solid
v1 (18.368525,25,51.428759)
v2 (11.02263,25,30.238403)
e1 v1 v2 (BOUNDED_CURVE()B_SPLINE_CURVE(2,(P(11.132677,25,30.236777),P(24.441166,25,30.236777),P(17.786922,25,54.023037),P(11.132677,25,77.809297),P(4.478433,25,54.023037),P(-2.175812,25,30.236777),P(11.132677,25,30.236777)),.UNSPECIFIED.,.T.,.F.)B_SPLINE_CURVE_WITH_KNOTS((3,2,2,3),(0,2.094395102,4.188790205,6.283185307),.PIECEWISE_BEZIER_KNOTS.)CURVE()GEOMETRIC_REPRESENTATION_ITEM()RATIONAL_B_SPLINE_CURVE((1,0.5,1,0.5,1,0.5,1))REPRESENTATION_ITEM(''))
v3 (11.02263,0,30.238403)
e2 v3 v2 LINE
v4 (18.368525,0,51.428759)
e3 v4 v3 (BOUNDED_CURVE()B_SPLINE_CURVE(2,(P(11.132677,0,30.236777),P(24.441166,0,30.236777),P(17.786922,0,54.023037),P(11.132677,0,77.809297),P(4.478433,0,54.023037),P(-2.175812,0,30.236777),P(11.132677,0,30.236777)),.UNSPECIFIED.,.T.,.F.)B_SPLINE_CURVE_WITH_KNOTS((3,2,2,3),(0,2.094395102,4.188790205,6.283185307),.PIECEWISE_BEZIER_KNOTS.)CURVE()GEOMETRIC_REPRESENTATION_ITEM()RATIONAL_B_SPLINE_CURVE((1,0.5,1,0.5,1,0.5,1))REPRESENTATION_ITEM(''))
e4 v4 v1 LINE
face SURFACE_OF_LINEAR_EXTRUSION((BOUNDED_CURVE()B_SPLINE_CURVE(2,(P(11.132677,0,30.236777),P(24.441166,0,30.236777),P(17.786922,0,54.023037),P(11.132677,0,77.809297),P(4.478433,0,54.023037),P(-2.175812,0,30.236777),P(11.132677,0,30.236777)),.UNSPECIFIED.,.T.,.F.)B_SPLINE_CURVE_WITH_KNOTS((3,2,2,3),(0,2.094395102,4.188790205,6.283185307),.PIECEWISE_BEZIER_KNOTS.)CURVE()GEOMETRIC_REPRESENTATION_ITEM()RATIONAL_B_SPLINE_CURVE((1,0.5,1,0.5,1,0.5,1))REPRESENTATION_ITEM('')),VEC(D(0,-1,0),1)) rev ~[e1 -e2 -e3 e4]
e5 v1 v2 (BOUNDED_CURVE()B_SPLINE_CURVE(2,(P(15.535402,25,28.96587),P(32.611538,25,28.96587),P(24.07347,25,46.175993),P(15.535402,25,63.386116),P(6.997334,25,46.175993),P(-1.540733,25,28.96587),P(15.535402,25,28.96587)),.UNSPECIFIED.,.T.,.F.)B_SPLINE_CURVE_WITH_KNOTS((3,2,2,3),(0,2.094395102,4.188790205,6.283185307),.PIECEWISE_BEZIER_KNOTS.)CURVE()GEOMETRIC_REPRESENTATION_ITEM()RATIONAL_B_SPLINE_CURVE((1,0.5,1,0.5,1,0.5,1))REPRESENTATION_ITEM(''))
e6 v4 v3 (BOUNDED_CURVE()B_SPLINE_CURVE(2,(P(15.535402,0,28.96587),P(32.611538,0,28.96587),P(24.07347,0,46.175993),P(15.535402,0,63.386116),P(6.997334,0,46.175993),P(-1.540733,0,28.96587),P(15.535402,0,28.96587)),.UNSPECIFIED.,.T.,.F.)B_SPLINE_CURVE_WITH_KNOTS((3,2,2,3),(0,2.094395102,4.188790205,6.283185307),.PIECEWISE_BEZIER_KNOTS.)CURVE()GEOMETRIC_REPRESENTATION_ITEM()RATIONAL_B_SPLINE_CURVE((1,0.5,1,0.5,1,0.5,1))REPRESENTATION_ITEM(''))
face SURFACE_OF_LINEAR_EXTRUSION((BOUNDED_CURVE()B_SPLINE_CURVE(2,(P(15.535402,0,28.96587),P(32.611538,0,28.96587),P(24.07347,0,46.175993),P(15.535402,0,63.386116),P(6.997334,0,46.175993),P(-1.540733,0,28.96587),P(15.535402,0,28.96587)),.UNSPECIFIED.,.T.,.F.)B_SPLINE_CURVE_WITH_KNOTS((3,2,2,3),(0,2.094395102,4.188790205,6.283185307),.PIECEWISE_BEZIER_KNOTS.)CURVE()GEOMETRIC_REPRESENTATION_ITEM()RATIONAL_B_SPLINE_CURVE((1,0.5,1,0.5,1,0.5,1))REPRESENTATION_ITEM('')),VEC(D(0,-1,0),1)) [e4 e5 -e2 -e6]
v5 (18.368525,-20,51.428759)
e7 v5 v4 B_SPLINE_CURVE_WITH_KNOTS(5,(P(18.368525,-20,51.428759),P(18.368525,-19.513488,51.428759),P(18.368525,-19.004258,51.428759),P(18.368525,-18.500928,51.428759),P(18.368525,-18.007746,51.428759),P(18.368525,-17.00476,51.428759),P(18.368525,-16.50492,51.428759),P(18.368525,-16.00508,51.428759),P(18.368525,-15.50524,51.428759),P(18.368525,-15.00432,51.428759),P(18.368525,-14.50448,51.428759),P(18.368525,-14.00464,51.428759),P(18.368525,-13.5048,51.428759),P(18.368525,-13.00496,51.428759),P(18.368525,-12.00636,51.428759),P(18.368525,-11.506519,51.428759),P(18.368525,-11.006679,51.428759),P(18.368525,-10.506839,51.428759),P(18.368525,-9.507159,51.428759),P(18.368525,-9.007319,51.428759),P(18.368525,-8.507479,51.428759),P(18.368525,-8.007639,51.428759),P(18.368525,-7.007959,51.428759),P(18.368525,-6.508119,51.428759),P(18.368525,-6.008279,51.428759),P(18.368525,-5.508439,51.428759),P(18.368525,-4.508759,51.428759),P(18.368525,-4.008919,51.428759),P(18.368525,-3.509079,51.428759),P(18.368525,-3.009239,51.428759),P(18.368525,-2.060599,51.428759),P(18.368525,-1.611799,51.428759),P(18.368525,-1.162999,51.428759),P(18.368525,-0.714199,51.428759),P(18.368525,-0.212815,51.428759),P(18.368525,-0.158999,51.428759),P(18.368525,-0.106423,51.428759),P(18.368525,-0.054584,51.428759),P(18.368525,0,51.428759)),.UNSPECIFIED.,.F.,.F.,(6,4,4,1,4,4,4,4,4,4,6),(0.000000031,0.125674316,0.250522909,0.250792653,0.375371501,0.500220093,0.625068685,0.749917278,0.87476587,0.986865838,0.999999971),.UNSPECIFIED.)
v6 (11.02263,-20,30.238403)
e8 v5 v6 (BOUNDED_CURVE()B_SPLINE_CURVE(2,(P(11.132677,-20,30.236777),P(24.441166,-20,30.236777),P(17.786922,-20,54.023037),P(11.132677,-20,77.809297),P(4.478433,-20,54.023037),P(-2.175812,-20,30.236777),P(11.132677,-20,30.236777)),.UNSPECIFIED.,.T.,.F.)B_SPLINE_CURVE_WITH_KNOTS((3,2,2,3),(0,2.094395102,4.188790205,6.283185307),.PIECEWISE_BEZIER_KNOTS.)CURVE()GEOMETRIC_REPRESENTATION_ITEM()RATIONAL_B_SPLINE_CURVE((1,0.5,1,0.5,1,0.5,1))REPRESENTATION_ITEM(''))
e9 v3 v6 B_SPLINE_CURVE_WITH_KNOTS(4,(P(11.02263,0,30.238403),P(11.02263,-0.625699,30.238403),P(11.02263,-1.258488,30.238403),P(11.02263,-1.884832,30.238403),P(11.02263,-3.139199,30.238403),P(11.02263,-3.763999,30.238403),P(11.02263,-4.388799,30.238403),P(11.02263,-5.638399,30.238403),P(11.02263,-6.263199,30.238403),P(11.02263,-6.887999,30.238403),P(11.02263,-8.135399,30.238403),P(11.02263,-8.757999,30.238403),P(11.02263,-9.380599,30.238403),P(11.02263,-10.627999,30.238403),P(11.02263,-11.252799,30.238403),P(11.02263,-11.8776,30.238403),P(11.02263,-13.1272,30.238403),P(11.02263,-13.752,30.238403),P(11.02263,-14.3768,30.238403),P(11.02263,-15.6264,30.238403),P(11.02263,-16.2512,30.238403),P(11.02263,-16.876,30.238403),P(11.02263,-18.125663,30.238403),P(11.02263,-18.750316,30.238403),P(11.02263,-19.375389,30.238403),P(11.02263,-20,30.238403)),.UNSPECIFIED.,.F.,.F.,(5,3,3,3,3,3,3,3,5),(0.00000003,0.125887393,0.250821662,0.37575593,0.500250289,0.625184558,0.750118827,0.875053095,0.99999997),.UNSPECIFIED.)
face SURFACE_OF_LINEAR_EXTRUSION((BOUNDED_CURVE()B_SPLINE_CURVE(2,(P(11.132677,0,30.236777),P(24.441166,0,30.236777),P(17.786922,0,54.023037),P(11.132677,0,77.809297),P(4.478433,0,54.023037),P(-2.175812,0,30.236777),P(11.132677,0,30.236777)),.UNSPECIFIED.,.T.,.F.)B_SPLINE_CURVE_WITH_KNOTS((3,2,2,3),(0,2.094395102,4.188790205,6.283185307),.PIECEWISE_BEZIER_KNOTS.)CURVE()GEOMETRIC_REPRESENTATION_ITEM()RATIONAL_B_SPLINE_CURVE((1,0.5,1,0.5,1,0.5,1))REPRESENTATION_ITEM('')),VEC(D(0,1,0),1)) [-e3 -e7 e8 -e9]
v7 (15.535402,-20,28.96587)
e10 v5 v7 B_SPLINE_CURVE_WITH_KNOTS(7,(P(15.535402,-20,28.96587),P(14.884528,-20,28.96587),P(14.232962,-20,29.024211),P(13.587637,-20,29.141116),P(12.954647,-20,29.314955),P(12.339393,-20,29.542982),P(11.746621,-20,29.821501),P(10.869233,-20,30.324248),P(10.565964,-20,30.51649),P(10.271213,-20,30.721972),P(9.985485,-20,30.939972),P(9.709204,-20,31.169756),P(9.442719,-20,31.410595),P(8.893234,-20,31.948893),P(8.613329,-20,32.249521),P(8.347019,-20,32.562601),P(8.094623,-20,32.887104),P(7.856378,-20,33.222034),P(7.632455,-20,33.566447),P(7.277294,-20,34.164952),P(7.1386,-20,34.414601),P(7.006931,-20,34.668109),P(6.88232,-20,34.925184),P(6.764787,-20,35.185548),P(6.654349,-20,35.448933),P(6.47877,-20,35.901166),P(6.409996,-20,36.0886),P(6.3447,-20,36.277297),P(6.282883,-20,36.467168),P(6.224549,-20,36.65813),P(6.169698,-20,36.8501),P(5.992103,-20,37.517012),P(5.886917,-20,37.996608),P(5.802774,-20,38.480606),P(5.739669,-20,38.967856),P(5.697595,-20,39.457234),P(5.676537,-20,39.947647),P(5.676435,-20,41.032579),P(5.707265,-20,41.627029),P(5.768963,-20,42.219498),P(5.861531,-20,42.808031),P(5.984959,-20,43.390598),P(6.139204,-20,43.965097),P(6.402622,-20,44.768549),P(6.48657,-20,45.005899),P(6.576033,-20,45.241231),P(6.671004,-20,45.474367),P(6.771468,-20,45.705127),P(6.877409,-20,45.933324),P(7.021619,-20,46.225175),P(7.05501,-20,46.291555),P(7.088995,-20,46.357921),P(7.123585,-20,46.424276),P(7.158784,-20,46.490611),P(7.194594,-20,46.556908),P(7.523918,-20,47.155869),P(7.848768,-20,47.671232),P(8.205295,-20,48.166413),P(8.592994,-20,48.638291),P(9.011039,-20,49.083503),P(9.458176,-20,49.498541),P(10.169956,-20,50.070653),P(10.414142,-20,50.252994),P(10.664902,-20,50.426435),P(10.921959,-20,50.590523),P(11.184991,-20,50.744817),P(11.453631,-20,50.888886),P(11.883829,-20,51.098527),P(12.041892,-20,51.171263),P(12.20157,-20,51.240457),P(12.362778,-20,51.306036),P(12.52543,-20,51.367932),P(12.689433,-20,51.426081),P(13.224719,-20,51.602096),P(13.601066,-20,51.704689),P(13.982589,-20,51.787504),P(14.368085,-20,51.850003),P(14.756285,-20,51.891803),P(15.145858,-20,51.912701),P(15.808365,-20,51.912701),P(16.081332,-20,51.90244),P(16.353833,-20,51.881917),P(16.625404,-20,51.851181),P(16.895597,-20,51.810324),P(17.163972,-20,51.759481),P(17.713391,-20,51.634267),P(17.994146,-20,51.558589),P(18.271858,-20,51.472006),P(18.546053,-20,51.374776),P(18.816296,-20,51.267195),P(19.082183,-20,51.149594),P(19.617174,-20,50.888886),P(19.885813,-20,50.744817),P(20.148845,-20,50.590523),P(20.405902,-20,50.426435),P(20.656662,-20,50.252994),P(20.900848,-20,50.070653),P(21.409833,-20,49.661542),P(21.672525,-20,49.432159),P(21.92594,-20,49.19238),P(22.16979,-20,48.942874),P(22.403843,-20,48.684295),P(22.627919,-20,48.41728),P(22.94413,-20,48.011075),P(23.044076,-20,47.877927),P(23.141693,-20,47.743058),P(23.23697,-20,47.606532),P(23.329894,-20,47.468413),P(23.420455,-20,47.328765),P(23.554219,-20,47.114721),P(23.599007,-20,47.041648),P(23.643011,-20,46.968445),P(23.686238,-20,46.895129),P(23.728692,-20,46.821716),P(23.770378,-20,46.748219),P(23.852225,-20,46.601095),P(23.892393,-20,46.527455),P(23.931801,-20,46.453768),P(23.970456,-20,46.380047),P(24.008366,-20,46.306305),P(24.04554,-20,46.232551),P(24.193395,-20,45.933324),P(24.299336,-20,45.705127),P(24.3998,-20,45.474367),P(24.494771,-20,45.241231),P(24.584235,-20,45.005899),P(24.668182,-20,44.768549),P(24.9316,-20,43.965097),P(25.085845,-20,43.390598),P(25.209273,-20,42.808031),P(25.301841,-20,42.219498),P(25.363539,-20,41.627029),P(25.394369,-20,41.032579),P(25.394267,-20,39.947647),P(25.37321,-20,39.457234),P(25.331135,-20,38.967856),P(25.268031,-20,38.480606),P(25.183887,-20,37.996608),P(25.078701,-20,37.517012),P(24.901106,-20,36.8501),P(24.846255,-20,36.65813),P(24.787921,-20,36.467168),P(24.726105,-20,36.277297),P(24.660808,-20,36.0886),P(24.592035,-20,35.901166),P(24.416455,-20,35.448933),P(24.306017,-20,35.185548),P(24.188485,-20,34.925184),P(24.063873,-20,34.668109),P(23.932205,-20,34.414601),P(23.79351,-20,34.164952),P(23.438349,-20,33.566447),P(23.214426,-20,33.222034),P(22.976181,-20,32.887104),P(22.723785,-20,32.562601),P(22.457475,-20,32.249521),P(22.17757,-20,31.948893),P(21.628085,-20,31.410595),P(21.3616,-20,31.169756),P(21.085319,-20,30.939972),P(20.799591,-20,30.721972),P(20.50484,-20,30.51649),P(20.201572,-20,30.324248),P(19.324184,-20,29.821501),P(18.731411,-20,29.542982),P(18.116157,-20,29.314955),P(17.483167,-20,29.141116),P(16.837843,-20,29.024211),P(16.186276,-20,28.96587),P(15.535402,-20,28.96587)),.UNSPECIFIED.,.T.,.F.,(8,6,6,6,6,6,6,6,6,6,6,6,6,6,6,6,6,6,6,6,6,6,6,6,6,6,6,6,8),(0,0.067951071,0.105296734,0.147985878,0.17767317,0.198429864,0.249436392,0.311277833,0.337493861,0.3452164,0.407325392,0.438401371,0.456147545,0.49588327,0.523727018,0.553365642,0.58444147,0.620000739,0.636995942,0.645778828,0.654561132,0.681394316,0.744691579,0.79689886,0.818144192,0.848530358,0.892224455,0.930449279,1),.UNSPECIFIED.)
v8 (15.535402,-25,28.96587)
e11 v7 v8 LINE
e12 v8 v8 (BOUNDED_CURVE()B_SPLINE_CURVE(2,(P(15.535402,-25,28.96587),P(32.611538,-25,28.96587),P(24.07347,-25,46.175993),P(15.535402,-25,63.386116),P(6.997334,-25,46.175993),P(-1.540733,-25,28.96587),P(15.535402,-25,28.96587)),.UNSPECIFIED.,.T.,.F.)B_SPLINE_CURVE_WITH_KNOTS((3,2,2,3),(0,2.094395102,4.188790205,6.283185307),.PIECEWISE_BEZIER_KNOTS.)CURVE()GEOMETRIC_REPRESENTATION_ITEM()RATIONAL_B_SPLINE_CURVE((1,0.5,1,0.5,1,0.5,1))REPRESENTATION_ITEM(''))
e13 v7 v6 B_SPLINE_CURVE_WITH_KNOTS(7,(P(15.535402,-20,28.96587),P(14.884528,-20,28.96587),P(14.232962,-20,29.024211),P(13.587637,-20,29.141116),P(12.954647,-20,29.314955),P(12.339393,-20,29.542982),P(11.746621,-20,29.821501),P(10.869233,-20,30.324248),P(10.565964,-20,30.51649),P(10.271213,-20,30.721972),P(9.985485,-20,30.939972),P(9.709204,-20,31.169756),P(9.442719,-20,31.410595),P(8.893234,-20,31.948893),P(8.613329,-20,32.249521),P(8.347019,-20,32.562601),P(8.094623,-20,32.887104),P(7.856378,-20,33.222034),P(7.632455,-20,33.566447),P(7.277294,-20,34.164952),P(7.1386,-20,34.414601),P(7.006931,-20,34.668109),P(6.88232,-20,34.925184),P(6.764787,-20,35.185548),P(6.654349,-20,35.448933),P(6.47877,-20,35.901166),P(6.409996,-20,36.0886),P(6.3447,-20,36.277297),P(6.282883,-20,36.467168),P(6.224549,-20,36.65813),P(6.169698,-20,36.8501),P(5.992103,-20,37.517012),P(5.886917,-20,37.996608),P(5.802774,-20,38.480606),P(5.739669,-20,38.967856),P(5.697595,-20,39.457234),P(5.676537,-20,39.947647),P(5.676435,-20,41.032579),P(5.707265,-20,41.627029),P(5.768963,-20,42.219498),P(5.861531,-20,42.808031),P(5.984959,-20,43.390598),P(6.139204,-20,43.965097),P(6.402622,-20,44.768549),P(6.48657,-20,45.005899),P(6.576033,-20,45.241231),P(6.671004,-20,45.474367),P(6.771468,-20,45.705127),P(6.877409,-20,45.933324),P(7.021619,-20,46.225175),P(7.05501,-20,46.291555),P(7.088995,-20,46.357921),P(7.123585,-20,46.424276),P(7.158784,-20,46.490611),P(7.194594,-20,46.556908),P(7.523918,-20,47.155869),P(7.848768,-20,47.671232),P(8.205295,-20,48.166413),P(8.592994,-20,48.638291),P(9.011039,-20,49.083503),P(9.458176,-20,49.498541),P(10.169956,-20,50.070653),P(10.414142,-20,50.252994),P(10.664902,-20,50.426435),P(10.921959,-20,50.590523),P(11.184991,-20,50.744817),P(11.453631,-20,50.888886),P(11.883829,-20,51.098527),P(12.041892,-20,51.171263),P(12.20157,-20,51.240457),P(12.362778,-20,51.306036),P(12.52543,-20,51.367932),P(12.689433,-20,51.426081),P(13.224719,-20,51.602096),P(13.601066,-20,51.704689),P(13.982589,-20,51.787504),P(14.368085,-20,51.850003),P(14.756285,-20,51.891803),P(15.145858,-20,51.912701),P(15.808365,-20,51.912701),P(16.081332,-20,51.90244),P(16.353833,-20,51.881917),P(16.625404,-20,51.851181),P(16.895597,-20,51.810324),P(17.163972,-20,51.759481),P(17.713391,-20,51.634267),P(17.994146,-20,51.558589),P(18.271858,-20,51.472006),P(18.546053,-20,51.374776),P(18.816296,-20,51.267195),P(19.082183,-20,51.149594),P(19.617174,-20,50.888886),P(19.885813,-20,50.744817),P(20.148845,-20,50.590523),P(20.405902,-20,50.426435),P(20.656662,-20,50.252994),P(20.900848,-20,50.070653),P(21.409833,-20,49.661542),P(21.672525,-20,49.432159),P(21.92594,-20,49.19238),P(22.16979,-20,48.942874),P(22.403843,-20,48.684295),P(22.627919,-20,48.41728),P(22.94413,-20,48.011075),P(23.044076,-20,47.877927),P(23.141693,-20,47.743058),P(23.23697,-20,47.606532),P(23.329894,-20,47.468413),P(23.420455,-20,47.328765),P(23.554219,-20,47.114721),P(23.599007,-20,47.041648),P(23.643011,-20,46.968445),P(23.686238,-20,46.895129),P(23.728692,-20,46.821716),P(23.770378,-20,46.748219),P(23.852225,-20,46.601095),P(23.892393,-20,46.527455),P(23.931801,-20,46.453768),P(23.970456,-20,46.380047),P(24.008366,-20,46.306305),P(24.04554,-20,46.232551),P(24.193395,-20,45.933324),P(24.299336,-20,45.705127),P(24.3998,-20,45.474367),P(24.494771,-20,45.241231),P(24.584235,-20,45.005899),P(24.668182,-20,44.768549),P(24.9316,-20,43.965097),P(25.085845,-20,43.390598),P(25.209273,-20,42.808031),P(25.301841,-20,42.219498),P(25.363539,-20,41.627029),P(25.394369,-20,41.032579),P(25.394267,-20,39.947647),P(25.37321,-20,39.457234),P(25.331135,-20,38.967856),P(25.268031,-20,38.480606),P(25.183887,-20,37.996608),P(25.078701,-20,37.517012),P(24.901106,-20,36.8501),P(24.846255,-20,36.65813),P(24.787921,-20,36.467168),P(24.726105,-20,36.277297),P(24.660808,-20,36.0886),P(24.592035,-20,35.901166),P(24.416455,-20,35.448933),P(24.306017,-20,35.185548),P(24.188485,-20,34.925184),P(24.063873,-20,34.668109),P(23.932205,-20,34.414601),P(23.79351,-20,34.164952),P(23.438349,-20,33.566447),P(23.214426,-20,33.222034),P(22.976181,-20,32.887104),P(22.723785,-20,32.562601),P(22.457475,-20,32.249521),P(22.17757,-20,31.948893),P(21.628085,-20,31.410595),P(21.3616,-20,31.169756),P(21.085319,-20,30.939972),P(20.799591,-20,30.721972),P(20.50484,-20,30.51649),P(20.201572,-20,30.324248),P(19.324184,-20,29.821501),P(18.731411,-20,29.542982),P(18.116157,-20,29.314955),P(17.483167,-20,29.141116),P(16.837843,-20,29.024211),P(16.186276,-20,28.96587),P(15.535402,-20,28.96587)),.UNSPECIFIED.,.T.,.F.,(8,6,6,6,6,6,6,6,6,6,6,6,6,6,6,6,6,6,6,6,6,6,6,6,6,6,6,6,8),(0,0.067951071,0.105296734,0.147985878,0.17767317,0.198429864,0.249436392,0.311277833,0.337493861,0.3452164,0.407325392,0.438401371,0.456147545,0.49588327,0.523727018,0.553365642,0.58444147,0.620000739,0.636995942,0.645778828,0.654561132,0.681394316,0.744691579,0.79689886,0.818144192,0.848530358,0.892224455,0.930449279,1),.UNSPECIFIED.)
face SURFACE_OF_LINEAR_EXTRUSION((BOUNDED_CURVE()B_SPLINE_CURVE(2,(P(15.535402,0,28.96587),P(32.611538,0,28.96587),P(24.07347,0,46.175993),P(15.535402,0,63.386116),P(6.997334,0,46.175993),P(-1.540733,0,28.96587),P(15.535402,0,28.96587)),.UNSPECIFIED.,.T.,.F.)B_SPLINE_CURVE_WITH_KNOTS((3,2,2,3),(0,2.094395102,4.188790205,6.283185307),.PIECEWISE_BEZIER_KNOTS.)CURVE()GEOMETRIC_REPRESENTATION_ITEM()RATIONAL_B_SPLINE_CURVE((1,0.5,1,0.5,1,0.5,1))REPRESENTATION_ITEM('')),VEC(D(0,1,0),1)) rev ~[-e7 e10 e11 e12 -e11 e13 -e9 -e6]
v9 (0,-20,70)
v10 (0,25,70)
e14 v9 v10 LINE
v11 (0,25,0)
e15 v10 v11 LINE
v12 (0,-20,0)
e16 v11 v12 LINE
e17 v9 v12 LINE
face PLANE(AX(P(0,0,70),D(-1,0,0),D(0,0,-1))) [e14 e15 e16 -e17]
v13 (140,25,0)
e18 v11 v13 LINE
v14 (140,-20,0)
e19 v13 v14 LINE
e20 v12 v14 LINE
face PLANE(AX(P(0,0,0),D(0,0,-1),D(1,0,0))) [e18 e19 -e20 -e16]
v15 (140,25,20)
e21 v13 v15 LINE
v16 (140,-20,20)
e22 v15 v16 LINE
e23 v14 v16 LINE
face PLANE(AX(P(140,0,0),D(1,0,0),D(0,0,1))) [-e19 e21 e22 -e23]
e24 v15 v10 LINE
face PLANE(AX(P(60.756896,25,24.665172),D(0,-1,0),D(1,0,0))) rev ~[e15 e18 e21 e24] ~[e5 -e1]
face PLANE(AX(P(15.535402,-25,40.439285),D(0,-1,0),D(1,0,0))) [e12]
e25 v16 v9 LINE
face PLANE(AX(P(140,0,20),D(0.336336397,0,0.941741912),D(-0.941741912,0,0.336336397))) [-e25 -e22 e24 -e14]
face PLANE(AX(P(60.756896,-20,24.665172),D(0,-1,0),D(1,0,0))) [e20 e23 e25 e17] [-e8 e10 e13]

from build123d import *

# Parameters (mm, degrees)
F1_DEPTH = 20
F3_DEPTH = 25
F4_DEPTH = 10
F5_DEPTH = 25


with BuildPart() as f1:
    # F0 (on Front) → F1 (new body)
    with BuildSketch(Plane.XZ):
        Polygon((0, 70), (0, 0), (140, 0), (140, 20), align=None)
        with BuildLine():
            add(Edge.make_bspline(
                [(11.1326770857, 30.2367769182), (24.4411659607, 30.2367769182), (17.7869215232, 54.0230367333), (11.1326770857, 77.8092965484), (4.4784326482, 54.0230367333), (-2.1758117893, 30.2367769182), (11.1326770857, 30.2367769182)],
                knots=[0, 0, 0, 2.0943951024, 2.0943951024, 4.1887902048, 4.1887902048, 6.2831853072, 6.2831853072, 6.2831853072], degree=2, weights=[1, 0.5, 1, 0.5, 1, 0.5, 1]))
        make_face(mode=Mode.SUBTRACT)
    extrude(amount=F1_DEPTH)

    # F2 (on Front) → F3 (join)
    with BuildSketch(Plane.XZ):
        with BuildLine():
            add(Edge.make_bspline(
                [(15.5354021117, 28.9658699185), (32.6115375413, 28.9658699185), (24.0734698265, 46.1759930477), (15.5354021117, 63.3861161768), (6.9973343969, 46.1759930477), (-1.5407333179, 28.9658699185), (15.5354021117, 28.9658699185)],
                knots=[0, 0, 0, 2.0943951024, 2.0943951024, 4.1887902048, 4.1887902048, 6.2831853072, 6.2831853072, 6.2831853072], degree=2, weights=[1, 0.5, 1, 0.5, 1, 0.5, 1]))
        make_face()
    extrude(amount=F3_DEPTH)

    # F4 (add): a face of the model
    f4_faces = [f1.faces().sort_by_distance(p)[0] for p in [
        (15.5354021117, -25, 40.4671142495),
    ]]
    extrude(f4_faces, amount=-F4_DEPTH)

    # F5 (add): a face of the model
    f5_faces = [f1.faces().sort_by_distance(p)[0] for p in [
        (58.3197071439, 0, 24.0820721981),
    ]]
    extrude(f5_faces, amount=F5_DEPTH)


solid = f1.part
